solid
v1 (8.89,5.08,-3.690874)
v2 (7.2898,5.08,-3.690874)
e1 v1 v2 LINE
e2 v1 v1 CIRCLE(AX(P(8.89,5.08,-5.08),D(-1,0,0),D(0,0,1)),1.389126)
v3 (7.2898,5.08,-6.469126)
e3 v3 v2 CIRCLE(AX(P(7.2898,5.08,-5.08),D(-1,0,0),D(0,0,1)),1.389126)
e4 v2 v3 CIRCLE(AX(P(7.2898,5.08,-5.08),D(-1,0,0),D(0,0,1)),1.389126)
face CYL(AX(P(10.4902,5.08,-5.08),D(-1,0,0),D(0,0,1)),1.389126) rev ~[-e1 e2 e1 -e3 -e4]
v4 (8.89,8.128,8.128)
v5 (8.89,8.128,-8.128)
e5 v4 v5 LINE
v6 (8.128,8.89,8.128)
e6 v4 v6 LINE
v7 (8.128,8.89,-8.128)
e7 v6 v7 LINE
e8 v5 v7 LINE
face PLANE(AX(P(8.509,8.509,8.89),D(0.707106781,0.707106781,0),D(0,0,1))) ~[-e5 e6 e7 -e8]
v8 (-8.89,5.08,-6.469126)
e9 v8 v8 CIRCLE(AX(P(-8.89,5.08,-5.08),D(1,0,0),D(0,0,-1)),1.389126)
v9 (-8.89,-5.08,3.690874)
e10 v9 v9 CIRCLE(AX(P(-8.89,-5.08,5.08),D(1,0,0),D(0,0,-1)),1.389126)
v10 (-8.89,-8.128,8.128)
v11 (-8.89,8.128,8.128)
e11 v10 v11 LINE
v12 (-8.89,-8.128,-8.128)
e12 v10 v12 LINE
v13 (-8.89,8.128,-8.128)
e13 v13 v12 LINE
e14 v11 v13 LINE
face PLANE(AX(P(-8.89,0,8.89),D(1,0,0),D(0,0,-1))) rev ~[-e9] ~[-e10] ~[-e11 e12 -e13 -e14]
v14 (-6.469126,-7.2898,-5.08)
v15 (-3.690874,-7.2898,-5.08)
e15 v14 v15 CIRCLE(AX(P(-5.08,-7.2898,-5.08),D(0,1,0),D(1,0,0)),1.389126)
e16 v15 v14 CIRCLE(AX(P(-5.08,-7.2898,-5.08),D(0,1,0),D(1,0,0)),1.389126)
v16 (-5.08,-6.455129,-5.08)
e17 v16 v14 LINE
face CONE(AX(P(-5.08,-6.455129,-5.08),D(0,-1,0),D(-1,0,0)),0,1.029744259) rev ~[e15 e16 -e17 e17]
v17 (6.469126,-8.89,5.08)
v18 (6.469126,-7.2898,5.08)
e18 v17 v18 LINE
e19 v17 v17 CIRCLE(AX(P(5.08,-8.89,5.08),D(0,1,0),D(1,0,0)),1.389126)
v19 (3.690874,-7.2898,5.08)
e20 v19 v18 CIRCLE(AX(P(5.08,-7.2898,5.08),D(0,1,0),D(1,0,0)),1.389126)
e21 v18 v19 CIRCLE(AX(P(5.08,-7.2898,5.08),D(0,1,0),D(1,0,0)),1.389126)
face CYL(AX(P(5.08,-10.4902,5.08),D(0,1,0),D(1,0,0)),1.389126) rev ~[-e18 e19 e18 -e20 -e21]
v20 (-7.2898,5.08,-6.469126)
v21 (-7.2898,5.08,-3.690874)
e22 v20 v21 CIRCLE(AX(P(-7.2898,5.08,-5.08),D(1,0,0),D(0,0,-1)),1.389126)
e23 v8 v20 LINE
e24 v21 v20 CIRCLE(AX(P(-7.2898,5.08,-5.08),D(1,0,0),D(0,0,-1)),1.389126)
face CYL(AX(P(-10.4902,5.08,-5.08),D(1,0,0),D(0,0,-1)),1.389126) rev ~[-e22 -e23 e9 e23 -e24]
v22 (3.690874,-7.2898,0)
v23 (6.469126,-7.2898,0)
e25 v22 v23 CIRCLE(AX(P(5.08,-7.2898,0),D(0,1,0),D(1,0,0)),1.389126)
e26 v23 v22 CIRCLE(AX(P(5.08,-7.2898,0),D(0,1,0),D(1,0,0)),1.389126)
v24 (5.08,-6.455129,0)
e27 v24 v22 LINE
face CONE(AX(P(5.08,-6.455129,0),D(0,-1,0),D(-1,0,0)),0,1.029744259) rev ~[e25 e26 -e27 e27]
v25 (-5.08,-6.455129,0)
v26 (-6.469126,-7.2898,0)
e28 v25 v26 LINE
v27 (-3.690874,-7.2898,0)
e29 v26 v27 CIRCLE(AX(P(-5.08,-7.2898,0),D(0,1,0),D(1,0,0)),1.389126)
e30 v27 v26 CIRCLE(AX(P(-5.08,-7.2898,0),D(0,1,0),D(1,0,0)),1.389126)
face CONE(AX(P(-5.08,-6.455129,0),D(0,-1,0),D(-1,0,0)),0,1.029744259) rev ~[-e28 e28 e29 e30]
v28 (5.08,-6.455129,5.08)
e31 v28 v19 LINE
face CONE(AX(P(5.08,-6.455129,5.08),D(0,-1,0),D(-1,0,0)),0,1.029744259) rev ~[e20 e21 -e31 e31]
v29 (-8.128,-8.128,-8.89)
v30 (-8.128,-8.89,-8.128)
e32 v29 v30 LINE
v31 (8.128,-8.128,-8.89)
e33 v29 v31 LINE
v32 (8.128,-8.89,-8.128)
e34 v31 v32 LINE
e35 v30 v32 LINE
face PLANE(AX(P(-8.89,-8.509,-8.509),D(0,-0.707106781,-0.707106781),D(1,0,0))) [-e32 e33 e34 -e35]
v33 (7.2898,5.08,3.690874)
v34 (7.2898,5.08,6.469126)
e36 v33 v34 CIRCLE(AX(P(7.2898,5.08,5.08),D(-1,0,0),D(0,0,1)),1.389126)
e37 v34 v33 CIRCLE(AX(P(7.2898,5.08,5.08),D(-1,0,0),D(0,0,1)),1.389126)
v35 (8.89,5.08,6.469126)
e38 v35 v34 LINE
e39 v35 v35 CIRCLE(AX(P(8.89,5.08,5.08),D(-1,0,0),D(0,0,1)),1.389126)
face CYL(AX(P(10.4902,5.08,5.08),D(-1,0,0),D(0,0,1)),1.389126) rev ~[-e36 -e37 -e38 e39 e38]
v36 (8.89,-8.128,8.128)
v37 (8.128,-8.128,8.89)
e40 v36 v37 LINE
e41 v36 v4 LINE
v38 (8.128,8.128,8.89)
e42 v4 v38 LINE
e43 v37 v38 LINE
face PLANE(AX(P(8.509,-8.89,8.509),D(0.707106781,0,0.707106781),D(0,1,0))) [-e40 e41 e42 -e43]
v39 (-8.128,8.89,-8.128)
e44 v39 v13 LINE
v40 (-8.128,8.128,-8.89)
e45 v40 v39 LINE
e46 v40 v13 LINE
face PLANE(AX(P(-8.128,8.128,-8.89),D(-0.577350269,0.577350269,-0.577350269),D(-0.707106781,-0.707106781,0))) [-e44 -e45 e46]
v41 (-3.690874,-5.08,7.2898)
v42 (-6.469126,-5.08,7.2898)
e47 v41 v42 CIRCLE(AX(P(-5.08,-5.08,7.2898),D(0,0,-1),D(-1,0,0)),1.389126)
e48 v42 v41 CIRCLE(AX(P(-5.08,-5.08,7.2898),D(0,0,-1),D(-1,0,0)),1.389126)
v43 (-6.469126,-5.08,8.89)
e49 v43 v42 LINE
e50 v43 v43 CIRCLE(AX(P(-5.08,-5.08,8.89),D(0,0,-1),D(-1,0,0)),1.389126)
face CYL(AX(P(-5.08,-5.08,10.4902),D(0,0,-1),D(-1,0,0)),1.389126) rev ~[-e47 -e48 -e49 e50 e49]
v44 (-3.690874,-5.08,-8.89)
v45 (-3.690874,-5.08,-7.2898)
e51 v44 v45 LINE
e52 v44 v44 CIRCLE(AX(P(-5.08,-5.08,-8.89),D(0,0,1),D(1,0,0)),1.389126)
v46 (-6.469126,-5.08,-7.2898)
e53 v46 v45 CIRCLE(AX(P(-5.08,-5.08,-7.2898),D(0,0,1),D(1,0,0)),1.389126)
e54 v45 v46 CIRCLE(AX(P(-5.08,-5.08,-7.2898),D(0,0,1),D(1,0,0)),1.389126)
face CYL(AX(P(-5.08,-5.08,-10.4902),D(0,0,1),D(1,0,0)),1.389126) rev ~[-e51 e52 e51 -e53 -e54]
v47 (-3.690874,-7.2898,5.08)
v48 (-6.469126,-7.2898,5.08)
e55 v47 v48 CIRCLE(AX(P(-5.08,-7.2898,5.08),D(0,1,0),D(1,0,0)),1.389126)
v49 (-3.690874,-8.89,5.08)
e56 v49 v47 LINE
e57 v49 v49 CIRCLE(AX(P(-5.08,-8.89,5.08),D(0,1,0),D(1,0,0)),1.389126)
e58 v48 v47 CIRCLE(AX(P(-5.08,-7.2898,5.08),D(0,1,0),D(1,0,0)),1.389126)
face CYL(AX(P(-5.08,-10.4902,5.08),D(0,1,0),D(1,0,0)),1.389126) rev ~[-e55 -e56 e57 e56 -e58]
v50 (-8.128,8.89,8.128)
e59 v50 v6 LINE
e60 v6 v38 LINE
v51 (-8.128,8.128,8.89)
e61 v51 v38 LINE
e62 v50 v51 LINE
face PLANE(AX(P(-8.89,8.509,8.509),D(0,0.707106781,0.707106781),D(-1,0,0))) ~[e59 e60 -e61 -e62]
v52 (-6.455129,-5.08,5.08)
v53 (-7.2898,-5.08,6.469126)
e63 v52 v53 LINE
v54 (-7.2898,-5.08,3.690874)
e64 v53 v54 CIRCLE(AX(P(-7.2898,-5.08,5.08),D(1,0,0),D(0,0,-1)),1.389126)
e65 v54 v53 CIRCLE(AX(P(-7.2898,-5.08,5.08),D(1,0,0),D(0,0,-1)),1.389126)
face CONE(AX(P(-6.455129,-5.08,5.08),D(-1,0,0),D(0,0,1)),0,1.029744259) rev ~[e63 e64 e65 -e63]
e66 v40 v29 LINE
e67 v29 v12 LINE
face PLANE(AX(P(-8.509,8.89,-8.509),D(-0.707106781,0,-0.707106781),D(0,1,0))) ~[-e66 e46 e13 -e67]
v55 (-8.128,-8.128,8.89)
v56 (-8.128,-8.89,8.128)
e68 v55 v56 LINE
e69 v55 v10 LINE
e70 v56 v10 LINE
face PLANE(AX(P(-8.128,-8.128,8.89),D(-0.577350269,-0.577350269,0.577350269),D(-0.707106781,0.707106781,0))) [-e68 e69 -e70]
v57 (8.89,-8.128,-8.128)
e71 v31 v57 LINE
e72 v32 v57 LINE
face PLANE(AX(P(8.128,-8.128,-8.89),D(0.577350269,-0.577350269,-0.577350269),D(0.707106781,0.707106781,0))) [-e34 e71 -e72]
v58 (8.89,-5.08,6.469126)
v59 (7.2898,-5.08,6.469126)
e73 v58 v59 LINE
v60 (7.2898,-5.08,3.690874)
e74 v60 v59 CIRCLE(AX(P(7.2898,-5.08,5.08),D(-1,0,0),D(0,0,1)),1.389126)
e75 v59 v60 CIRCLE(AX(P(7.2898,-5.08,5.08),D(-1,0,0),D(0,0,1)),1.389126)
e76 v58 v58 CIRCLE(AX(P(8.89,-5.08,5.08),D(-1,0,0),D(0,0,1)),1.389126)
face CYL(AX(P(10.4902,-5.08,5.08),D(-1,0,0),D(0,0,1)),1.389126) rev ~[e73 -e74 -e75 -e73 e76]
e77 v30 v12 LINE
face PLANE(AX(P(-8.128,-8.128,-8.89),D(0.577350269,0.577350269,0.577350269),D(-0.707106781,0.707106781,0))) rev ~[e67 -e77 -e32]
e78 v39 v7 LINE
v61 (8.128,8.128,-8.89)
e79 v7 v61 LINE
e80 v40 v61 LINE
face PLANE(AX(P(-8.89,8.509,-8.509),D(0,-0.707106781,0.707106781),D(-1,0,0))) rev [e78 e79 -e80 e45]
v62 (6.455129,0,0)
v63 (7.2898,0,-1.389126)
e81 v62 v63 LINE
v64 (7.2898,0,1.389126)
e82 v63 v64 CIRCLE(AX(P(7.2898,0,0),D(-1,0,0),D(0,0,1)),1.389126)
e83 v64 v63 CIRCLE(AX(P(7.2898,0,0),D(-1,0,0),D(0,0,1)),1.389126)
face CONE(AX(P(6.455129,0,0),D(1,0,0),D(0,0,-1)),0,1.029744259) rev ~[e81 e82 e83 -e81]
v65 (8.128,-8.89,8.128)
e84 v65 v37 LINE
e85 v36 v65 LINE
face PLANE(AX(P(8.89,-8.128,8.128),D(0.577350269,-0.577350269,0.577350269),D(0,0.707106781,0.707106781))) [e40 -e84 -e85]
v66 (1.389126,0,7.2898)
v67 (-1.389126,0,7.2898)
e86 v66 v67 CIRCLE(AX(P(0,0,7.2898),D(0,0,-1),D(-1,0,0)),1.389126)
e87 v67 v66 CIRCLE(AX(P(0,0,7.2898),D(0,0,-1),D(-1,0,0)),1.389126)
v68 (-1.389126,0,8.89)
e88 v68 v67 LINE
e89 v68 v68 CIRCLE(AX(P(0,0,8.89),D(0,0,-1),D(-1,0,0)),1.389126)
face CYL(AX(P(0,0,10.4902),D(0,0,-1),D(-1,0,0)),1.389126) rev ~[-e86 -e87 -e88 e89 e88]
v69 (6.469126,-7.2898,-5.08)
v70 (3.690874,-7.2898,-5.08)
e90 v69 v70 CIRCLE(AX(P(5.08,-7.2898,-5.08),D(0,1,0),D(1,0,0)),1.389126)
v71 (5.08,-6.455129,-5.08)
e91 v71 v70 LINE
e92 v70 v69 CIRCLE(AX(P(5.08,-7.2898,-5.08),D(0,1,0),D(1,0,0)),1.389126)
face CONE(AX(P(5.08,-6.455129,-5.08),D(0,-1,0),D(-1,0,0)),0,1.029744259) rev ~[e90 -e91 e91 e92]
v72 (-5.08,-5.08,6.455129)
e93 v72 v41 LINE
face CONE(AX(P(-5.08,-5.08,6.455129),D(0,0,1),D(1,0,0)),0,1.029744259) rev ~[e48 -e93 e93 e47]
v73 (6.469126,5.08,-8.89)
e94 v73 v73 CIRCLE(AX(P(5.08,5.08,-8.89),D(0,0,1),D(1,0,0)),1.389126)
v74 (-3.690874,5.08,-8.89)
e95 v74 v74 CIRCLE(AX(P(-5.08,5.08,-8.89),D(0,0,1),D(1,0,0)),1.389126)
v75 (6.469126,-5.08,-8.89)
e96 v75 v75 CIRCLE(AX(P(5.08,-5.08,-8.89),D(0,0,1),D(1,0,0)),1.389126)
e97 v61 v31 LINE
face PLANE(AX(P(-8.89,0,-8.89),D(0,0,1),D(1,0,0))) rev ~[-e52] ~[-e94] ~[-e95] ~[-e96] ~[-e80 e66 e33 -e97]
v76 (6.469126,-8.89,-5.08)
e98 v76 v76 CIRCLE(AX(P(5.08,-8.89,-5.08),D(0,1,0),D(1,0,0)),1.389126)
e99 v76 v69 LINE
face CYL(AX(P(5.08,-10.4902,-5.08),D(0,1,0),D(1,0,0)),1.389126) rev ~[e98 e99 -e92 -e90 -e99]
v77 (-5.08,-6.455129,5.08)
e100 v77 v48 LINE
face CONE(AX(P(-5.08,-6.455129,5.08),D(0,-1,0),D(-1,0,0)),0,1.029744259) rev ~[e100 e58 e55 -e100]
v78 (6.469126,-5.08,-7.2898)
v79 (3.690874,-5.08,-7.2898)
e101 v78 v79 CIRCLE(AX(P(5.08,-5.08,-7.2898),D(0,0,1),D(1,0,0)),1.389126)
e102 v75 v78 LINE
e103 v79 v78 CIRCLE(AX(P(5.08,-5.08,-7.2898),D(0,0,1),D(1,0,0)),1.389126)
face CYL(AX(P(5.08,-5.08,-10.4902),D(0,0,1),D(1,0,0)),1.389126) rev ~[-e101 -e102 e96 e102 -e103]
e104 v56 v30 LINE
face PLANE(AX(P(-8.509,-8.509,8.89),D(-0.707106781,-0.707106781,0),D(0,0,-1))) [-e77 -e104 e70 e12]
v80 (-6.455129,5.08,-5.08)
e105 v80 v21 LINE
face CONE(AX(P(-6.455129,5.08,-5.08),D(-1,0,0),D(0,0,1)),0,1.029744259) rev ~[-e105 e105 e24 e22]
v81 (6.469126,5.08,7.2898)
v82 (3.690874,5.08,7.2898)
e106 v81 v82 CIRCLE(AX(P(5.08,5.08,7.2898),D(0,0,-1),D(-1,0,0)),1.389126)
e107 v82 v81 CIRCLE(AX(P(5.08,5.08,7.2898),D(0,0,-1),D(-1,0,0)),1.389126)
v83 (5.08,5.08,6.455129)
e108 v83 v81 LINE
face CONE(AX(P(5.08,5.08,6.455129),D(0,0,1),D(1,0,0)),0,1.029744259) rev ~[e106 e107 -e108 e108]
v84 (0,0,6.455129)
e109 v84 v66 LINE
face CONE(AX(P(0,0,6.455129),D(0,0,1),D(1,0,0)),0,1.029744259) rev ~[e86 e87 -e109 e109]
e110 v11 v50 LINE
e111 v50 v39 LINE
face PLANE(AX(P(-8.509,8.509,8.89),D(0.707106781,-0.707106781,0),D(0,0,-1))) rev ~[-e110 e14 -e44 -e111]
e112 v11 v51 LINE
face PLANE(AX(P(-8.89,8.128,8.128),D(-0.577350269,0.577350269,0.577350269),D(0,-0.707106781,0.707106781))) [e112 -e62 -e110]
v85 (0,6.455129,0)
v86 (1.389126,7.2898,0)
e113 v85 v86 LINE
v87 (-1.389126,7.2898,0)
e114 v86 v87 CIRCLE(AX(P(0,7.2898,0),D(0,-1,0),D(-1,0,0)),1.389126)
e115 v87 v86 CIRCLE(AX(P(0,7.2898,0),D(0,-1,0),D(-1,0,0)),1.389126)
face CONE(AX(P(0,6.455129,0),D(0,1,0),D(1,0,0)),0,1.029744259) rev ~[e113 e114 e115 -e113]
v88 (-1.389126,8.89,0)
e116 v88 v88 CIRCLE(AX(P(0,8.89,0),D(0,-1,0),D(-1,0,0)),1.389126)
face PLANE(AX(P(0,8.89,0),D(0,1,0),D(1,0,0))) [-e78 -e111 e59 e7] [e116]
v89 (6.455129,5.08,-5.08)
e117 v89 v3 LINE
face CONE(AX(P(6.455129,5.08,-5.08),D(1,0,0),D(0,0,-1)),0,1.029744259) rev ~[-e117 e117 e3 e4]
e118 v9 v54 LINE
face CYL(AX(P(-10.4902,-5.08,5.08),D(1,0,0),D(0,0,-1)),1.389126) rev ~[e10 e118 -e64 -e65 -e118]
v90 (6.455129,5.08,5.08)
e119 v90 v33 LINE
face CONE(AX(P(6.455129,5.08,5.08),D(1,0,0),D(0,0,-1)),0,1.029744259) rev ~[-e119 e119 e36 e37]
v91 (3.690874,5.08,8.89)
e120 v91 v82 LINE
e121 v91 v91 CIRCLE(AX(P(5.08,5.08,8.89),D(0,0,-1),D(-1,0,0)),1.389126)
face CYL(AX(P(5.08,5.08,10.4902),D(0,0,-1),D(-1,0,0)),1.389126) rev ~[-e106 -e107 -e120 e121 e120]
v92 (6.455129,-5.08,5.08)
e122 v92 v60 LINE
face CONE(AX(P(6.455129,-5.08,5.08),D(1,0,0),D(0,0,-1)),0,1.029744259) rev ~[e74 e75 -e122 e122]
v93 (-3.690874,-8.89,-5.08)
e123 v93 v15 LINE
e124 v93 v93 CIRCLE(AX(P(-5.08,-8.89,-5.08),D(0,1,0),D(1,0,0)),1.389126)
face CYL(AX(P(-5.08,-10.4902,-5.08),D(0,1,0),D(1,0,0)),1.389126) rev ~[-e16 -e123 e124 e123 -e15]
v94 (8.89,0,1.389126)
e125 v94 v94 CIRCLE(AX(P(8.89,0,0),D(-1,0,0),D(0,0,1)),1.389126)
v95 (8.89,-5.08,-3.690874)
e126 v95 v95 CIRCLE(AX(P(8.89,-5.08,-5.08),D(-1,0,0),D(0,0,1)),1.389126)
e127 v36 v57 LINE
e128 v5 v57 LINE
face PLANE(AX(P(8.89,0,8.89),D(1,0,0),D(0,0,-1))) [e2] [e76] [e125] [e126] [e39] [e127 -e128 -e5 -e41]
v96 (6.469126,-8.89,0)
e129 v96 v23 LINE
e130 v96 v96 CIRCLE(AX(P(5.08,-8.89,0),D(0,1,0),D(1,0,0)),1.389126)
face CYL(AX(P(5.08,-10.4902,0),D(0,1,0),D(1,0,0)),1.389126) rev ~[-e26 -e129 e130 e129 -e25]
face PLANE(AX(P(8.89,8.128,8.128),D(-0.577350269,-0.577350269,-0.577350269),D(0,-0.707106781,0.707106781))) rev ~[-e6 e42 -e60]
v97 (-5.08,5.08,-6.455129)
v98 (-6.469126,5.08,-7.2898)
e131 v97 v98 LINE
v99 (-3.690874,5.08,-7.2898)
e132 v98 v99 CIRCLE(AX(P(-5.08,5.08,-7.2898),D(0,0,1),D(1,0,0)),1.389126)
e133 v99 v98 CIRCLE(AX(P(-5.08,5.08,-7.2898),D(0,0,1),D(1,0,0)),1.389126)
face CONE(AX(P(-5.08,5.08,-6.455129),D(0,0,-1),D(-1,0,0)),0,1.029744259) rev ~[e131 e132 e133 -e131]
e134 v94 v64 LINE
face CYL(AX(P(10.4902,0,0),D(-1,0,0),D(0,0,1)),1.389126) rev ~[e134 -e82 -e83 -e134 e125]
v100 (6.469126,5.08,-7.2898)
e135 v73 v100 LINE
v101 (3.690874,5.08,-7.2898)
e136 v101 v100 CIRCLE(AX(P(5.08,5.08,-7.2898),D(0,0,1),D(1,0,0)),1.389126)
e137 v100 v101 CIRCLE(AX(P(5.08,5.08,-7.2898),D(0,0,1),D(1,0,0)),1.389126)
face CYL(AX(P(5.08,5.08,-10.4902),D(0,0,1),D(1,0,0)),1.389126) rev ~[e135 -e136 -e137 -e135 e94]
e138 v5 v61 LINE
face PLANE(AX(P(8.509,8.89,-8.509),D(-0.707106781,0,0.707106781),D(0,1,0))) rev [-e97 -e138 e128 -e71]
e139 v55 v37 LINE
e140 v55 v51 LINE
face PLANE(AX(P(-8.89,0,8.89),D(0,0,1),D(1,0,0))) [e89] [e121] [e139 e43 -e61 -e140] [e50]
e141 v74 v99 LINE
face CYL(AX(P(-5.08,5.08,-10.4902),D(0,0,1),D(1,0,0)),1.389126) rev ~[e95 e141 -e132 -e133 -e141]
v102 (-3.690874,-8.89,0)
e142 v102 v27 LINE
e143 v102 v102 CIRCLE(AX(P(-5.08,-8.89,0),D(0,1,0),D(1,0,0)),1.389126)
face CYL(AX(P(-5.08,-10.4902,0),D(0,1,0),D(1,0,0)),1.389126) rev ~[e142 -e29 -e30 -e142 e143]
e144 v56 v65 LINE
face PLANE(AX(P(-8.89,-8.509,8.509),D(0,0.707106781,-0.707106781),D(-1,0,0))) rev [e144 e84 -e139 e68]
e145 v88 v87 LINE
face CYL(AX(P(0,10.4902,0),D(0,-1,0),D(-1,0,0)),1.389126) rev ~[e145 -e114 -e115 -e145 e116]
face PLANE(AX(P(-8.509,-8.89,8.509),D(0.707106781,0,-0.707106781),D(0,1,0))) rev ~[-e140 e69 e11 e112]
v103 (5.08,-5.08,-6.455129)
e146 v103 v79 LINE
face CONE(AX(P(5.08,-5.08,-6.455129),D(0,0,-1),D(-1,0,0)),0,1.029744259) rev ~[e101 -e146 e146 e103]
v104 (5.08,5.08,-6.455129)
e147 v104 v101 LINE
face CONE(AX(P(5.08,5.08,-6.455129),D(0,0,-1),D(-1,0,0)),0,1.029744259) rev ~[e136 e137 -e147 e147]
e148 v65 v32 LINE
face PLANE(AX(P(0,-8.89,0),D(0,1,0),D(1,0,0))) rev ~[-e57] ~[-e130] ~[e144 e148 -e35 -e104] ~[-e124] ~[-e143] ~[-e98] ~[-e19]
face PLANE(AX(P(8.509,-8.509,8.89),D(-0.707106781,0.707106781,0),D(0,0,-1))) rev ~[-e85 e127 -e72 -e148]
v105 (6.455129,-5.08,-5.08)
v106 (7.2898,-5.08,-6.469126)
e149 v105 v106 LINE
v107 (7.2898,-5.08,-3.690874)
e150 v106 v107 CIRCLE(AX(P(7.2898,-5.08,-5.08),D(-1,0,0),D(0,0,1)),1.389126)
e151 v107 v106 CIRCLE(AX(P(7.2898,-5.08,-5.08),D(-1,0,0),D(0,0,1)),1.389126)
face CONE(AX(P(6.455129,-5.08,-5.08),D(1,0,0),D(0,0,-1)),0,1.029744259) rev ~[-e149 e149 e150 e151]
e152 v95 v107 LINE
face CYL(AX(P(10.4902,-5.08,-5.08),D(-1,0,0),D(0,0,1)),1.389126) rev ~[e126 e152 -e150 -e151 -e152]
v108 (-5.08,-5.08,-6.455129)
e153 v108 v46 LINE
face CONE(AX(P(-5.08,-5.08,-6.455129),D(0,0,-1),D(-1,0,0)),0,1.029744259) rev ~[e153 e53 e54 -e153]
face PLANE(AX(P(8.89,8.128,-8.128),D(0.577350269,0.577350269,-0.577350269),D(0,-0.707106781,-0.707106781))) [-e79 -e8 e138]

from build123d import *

# Parameters (mm, degrees)
SKETCH1_W                           = 17.78
SKETCH1_H                           = 17.78
BOSS_EXTRUDE1_DEPTH                 = 8.89
CHAMFER1_SIZE                       = 0.762
F_7_64_0_10938_DIAMETER_HOLE1_D     = 2.778252
F_7_64_0_10938_DIAMETER_HOLE1_DEPTH = 1.6002
F_7_64_0_10938_DIAMETER_HOLE1_TIP   = 0.834671108
F_7_64_0_10938_DIAMETER_HOLE2_D     = 2.778252
F_7_64_0_10938_DIAMETER_HOLE2_DEPTH = 1.6002
F_7_64_0_10938_DIAMETER_HOLE2_TIP   = 0.834671108
F_7_64_0_10938_DIAMETER_HOLE3_D     = 2.778252
F_7_64_0_10938_DIAMETER_HOLE3_DEPTH = 1.6002
F_7_64_0_10938_DIAMETER_HOLE3_TIP   = 0.834671108
F_7_64_0_10938_DIAMETER_HOLE5_D     = 2.778252
F_7_64_0_10938_DIAMETER_HOLE5_DEPTH = 1.6002
F_7_64_0_10938_DIAMETER_HOLE5_TIP   = 0.834671108
F_7_64_0_10938_DIAMETER_HOLE6_D     = 2.778252
F_7_64_0_10938_DIAMETER_HOLE6_DEPTH = 1.6002
F_7_64_0_10938_DIAMETER_HOLE6_TIP   = 0.834671108
F_7_64_0_10938_DIAMETER_HOLE7_D     = 2.778252
F_7_64_0_10938_DIAMETER_HOLE7_DEPTH = 1.6002
F_7_64_0_10938_DIAMETER_HOLE7_TIP   = 0.834671108


with BuildPart() as part:
    # Sketch1 → Boss-Extrude1 (new, symmetric)
    with BuildSketch(Plane(origin=(0, 0, 0), x_dir=(1, 0, 0), z_dir=(0, 1, 0))):
        Rectangle(SKETCH1_W, SKETCH1_H)
    extrude(amount=BOSS_EXTRUDE1_DEPTH, both=True)

    # Chamfer1
    chamfer1_edges = [part.edges().sort_by_distance(p)[0] for p in [
        (0, 8.89, 8.89),
        (-8.89, 8.89, 0),
        (0, 8.89, -8.89),
        (-8.89, -8.89, 0),
        (0, -8.89, 8.89),
        (8.89, -8.89, 0),
        (0, -8.89, -8.89),
        (8.89, 8.89, 0),
        (-8.89, 0, -8.89),
        (-8.89, 0, 8.89),
        (8.89, 0, 8.89),
        (8.89, 0, -8.89),
    ]]
    chamfer(chamfer1_edges, length=CHAMFER1_SIZE)

    # 7/64 (0.10938) Diameter Hole1
    with Locations(Plane(origin=(0, 8.89, 0), x_dir=(1, 0, 0), z_dir=(0, 1, 0))):
        with Locations((0, 0)):
            Hole(F_7_64_0_10938_DIAMETER_HOLE1_D / 2, depth=F_7_64_0_10938_DIAMETER_HOLE1_DEPTH)
            with Locations((0, 0, -(F_7_64_0_10938_DIAMETER_HOLE1_DEPTH + F_7_64_0_10938_DIAMETER_HOLE1_TIP / 2))):  # 118° drill point
                Cone(0, F_7_64_0_10938_DIAMETER_HOLE1_D / 2, F_7_64_0_10938_DIAMETER_HOLE1_TIP, mode=Mode.SUBTRACT)

    # 7/64 (0.10938) Diameter Hole2
    with Locations(Plane(origin=(0, -8.89, 0), x_dir=(-1, 0, 0), z_dir=(0, -1, 0))):
        with Locations((5.08, -5.08), (5.08, 0), (5.08, 5.08), (-5.08, 5.08), (-5.08, 0), (-5.08, -5.08)):
            Hole(F_7_64_0_10938_DIAMETER_HOLE2_D / 2, depth=F_7_64_0_10938_DIAMETER_HOLE2_DEPTH)
            with Locations((0, 0, -(F_7_64_0_10938_DIAMETER_HOLE2_DEPTH + F_7_64_0_10938_DIAMETER_HOLE2_TIP / 2))):  # 118° drill point
                Cone(0, F_7_64_0_10938_DIAMETER_HOLE2_D / 2, F_7_64_0_10938_DIAMETER_HOLE2_TIP, mode=Mode.SUBTRACT)

    # 7/64 (0.10938) Diameter Hole3
    with Locations(Plane.XY.offset(8.89)):
        with Locations((-5.08, -5.08), (0, 0), (5.08, 5.08)):
            Hole(F_7_64_0_10938_DIAMETER_HOLE3_D / 2, depth=F_7_64_0_10938_DIAMETER_HOLE3_DEPTH)
            with Locations((0, 0, -(F_7_64_0_10938_DIAMETER_HOLE3_DEPTH + F_7_64_0_10938_DIAMETER_HOLE3_TIP / 2))):  # 118° drill point
                Cone(0, F_7_64_0_10938_DIAMETER_HOLE3_D / 2, F_7_64_0_10938_DIAMETER_HOLE3_TIP, mode=Mode.SUBTRACT)

    # 7/64 (0.10938) Diameter Hole5
    with Locations(Plane.ZY.offset(8.89)):
        with Locations((-5.08, 5.08), (5.08, -5.08)):
            Hole(F_7_64_0_10938_DIAMETER_HOLE5_D / 2, depth=F_7_64_0_10938_DIAMETER_HOLE5_DEPTH)
            with Locations((0, 0, -(F_7_64_0_10938_DIAMETER_HOLE5_DEPTH + F_7_64_0_10938_DIAMETER_HOLE5_TIP / 2))):  # 118° drill point
                Cone(0, F_7_64_0_10938_DIAMETER_HOLE5_D / 2, F_7_64_0_10938_DIAMETER_HOLE5_TIP, mode=Mode.SUBTRACT)

    # 7/64 (0.10938) Diameter Hole6
    with Locations(Plane(origin=(8.89, 0, 0), x_dir=(0, 0, -1), z_dir=(1, 0, 0))):
        with Locations((-5.08, 5.08), (-5.08, -5.08), (5.08, -5.08), (5.08, 5.08), (0, 0)):
            Hole(F_7_64_0_10938_DIAMETER_HOLE6_D / 2, depth=F_7_64_0_10938_DIAMETER_HOLE6_DEPTH)
            with Locations((0, 0, -(F_7_64_0_10938_DIAMETER_HOLE6_DEPTH + F_7_64_0_10938_DIAMETER_HOLE6_TIP / 2))):  # 118° drill point
                Cone(0, F_7_64_0_10938_DIAMETER_HOLE6_D / 2, F_7_64_0_10938_DIAMETER_HOLE6_TIP, mode=Mode.SUBTRACT)

    # 7/64 (0.10938) Diameter Hole7
    with Locations(Plane(origin=(0, 0, -8.89), x_dir=(-1, 0, 0), z_dir=(0, 0, -1))):
        with Locations((-5.08, 5.08), (-5.08, -5.08), (5.08, -5.08), (5.08, 5.08)):
            Hole(F_7_64_0_10938_DIAMETER_HOLE7_D / 2, depth=F_7_64_0_10938_DIAMETER_HOLE7_DEPTH)
            with Locations((0, 0, -(F_7_64_0_10938_DIAMETER_HOLE7_DEPTH + F_7_64_0_10938_DIAMETER_HOLE7_TIP / 2))):  # 118° drill point
                Cone(0, F_7_64_0_10938_DIAMETER_HOLE7_D / 2, F_7_64_0_10938_DIAMETER_HOLE7_TIP, mode=Mode.SUBTRACT)


solid = part.part
